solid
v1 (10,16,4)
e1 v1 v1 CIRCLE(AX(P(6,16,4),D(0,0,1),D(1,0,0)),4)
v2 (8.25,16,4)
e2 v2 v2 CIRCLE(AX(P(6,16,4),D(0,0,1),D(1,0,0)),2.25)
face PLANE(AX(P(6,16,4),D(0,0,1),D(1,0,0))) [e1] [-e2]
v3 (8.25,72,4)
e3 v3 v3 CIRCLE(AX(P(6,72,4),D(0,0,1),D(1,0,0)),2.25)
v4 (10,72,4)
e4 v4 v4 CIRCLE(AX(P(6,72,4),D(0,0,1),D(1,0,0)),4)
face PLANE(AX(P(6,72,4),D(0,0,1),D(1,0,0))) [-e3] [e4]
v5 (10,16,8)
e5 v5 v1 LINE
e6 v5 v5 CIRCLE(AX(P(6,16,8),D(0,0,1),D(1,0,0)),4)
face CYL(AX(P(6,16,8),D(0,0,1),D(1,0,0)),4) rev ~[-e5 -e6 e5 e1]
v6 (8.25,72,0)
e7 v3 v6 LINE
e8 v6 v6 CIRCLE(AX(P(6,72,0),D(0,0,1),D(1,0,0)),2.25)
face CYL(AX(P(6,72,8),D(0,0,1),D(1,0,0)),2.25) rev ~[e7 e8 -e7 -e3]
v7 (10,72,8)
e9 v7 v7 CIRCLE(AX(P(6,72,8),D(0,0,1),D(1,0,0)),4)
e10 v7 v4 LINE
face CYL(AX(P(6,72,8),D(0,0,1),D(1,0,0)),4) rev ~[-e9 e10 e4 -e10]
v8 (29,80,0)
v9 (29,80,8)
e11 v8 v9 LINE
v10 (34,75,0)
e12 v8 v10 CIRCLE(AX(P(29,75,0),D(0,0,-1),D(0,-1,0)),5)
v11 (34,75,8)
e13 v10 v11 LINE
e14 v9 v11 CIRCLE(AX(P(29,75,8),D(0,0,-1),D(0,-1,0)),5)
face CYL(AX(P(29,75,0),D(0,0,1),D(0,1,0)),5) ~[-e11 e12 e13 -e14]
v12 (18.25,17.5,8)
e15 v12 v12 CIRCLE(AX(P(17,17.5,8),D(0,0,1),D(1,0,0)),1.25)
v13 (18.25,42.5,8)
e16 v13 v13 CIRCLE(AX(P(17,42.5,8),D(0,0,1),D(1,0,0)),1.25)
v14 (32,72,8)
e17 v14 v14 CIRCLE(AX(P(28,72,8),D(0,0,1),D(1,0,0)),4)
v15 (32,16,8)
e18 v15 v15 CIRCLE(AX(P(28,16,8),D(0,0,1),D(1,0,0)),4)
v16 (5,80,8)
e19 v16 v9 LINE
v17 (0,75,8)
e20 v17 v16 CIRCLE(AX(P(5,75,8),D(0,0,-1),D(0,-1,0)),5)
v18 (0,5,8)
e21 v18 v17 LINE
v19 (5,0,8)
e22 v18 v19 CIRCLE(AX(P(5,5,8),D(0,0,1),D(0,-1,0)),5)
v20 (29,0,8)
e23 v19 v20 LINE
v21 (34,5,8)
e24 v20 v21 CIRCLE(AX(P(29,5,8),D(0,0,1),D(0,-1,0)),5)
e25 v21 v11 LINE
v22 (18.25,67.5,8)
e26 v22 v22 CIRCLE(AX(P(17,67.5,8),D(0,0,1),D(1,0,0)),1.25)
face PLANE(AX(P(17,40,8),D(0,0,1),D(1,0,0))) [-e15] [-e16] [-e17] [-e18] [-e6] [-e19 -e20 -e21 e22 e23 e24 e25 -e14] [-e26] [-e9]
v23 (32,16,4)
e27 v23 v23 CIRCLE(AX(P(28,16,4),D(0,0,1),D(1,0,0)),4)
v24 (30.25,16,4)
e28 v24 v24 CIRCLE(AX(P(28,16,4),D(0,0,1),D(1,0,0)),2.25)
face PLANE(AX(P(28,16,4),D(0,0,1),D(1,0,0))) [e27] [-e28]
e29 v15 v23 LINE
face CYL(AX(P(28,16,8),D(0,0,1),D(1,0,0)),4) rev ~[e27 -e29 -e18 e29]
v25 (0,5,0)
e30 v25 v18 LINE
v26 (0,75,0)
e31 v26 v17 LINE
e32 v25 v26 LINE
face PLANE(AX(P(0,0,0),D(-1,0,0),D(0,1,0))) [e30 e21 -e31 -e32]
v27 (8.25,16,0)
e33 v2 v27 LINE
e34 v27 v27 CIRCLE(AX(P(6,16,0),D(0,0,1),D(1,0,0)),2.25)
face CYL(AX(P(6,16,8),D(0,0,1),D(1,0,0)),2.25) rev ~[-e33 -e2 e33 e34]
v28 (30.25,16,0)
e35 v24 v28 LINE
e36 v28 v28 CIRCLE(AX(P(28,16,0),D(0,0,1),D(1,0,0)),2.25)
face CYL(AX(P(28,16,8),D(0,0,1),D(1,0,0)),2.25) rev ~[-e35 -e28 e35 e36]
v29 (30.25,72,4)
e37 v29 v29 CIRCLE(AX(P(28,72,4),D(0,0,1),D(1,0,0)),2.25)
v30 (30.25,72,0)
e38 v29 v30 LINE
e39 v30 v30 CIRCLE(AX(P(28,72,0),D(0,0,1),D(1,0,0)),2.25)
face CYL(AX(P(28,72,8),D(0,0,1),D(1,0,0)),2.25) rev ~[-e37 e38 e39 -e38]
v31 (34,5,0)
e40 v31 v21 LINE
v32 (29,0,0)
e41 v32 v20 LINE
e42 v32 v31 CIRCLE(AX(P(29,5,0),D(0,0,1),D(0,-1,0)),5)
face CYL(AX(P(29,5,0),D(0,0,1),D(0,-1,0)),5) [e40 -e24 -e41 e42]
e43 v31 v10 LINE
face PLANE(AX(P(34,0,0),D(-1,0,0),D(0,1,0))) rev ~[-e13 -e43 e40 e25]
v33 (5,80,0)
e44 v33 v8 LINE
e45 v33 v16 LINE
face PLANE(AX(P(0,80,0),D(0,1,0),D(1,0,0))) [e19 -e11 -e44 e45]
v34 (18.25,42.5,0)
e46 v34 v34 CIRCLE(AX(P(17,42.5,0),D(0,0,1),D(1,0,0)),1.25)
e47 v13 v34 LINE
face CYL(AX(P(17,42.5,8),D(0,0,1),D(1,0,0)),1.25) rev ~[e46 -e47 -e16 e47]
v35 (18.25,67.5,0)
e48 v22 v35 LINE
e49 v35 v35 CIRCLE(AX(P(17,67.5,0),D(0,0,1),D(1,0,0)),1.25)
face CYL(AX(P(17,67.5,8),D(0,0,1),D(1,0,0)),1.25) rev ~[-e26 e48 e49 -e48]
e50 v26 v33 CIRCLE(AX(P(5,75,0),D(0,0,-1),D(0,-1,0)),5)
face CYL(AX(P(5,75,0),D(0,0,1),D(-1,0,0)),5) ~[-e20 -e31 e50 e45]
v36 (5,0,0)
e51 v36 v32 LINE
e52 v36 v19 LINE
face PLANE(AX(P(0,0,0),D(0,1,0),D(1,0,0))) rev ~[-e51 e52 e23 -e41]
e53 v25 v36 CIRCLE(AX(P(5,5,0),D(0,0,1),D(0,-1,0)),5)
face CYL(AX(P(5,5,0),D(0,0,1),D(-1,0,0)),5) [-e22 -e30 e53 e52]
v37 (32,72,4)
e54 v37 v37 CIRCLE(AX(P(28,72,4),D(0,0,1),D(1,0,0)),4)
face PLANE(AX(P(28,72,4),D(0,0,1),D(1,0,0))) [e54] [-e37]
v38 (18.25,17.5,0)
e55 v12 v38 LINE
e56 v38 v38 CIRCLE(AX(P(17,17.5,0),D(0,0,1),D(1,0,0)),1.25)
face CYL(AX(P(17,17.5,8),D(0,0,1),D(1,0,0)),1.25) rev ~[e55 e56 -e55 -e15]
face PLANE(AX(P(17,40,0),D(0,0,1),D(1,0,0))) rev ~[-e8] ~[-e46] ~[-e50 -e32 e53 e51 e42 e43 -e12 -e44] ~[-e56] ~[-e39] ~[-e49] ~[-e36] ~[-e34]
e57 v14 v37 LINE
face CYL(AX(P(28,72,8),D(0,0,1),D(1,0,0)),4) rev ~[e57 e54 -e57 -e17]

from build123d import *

# Parameters (mm, degrees)
ESQUISSE1_W                  = 34
ESQUISSE1_H                  = 80
BOSS_EXTRU_1_DEPTH           = 8
ESQUISSE2_R                  = 1.25
ENL_V_MAT_EXTRU_1_DEPTH      = 1
ENL_V_MAT_EXTRU_1_DEPTH_BACK = 9
ESQUISSE3_R                  = 2.25
ENL_V_MAT_EXTRU_2_DEPTH      = 1
ENL_V_MAT_EXTRU_2_DEPTH_BACK = 9
ESQUISSE4_R                  = 4
ENL_V_MAT_EXTRU_3_DEPTH      = 4
CONG_1_R                     = 5


with BuildPart() as part:
    # Esquisse1 → Boss.-Extru.1 (new body)
    with BuildSketch(Plane.XY):
        with Locations((17, 40)):
            Rectangle(ESQUISSE1_W, ESQUISSE1_H)
    extrude(amount=BOSS_EXTRU_1_DEPTH)

    # Esquisse2 → Enlèv. mat.-Extru.1 (cut, two sides)
    with BuildSketch(Plane.XY.offset(8)) as enl_v_mat_extru_1_sk:
        with Locations((17, 17.5)):
            Circle(ESQUISSE2_R)
        with Locations((17, 42.5)):
            Circle(ESQUISSE2_R)
        with Locations((17, 67.5)):
            Circle(ESQUISSE2_R)
        with Locations((17, 92.5)):
            Circle(ESQUISSE2_R)
        with Locations((17, 117.5)):
            Circle(ESQUISSE2_R)
        with Locations((17, 142.5)):
            Circle(ESQUISSE2_R)
        with Locations((17, 167.5)):
            Circle(ESQUISSE2_R)
        with Locations((17, 192.5)):
            Circle(ESQUISSE2_R)
    extrude(amount=ENL_V_MAT_EXTRU_1_DEPTH, mode=Mode.SUBTRACT)
    extrude(enl_v_mat_extru_1_sk.sketch, amount=-ENL_V_MAT_EXTRU_1_DEPTH_BACK, mode=Mode.SUBTRACT)

    # Esquisse3 → Enlèv. mat.-Extru.2 (cut, two sides)
    with BuildSketch(Plane.XY.offset(8)) as enl_v_mat_extru_2_sk:
        with Locations((6, 16)):
            Circle(ESQUISSE3_R)
        with Locations((28, 16)):
            Circle(ESQUISSE3_R)
        with Locations((28, 72)):
            Circle(ESQUISSE3_R)
        with Locations((6, 72)):
            Circle(ESQUISSE3_R)
    extrude(amount=ENL_V_MAT_EXTRU_2_DEPTH, mode=Mode.SUBTRACT)
    extrude(enl_v_mat_extru_2_sk.sketch, amount=-ENL_V_MAT_EXTRU_2_DEPTH_BACK, mode=Mode.SUBTRACT)

    # Esquisse4 → Enlèv. mat.-Extru.3 (cut)
    with BuildSketch(Plane.XY.offset(8)):
        with Locations((6, 16)):
            Circle(ESQUISSE4_R)
        with Locations((28, 16)):
            Circle(ESQUISSE4_R)
        with Locations((6, 72)):
            Circle(ESQUISSE4_R)
        with Locations((28, 72)):
            Circle(ESQUISSE4_R)
    extrude(amount=-ENL_V_MAT_EXTRU_3_DEPTH, mode=Mode.SUBTRACT)

    # Congé1
    cong_1_edges = [part.edges().sort_by_distance(p)[0] for p in [
        (0, 80, 4),
        (34, 80, 4),
        (34, 0, 4),
        (0, 0, 4),
    ]]
    fillet(cong_1_edges, radius=CONG_1_R)


solid = part.part
